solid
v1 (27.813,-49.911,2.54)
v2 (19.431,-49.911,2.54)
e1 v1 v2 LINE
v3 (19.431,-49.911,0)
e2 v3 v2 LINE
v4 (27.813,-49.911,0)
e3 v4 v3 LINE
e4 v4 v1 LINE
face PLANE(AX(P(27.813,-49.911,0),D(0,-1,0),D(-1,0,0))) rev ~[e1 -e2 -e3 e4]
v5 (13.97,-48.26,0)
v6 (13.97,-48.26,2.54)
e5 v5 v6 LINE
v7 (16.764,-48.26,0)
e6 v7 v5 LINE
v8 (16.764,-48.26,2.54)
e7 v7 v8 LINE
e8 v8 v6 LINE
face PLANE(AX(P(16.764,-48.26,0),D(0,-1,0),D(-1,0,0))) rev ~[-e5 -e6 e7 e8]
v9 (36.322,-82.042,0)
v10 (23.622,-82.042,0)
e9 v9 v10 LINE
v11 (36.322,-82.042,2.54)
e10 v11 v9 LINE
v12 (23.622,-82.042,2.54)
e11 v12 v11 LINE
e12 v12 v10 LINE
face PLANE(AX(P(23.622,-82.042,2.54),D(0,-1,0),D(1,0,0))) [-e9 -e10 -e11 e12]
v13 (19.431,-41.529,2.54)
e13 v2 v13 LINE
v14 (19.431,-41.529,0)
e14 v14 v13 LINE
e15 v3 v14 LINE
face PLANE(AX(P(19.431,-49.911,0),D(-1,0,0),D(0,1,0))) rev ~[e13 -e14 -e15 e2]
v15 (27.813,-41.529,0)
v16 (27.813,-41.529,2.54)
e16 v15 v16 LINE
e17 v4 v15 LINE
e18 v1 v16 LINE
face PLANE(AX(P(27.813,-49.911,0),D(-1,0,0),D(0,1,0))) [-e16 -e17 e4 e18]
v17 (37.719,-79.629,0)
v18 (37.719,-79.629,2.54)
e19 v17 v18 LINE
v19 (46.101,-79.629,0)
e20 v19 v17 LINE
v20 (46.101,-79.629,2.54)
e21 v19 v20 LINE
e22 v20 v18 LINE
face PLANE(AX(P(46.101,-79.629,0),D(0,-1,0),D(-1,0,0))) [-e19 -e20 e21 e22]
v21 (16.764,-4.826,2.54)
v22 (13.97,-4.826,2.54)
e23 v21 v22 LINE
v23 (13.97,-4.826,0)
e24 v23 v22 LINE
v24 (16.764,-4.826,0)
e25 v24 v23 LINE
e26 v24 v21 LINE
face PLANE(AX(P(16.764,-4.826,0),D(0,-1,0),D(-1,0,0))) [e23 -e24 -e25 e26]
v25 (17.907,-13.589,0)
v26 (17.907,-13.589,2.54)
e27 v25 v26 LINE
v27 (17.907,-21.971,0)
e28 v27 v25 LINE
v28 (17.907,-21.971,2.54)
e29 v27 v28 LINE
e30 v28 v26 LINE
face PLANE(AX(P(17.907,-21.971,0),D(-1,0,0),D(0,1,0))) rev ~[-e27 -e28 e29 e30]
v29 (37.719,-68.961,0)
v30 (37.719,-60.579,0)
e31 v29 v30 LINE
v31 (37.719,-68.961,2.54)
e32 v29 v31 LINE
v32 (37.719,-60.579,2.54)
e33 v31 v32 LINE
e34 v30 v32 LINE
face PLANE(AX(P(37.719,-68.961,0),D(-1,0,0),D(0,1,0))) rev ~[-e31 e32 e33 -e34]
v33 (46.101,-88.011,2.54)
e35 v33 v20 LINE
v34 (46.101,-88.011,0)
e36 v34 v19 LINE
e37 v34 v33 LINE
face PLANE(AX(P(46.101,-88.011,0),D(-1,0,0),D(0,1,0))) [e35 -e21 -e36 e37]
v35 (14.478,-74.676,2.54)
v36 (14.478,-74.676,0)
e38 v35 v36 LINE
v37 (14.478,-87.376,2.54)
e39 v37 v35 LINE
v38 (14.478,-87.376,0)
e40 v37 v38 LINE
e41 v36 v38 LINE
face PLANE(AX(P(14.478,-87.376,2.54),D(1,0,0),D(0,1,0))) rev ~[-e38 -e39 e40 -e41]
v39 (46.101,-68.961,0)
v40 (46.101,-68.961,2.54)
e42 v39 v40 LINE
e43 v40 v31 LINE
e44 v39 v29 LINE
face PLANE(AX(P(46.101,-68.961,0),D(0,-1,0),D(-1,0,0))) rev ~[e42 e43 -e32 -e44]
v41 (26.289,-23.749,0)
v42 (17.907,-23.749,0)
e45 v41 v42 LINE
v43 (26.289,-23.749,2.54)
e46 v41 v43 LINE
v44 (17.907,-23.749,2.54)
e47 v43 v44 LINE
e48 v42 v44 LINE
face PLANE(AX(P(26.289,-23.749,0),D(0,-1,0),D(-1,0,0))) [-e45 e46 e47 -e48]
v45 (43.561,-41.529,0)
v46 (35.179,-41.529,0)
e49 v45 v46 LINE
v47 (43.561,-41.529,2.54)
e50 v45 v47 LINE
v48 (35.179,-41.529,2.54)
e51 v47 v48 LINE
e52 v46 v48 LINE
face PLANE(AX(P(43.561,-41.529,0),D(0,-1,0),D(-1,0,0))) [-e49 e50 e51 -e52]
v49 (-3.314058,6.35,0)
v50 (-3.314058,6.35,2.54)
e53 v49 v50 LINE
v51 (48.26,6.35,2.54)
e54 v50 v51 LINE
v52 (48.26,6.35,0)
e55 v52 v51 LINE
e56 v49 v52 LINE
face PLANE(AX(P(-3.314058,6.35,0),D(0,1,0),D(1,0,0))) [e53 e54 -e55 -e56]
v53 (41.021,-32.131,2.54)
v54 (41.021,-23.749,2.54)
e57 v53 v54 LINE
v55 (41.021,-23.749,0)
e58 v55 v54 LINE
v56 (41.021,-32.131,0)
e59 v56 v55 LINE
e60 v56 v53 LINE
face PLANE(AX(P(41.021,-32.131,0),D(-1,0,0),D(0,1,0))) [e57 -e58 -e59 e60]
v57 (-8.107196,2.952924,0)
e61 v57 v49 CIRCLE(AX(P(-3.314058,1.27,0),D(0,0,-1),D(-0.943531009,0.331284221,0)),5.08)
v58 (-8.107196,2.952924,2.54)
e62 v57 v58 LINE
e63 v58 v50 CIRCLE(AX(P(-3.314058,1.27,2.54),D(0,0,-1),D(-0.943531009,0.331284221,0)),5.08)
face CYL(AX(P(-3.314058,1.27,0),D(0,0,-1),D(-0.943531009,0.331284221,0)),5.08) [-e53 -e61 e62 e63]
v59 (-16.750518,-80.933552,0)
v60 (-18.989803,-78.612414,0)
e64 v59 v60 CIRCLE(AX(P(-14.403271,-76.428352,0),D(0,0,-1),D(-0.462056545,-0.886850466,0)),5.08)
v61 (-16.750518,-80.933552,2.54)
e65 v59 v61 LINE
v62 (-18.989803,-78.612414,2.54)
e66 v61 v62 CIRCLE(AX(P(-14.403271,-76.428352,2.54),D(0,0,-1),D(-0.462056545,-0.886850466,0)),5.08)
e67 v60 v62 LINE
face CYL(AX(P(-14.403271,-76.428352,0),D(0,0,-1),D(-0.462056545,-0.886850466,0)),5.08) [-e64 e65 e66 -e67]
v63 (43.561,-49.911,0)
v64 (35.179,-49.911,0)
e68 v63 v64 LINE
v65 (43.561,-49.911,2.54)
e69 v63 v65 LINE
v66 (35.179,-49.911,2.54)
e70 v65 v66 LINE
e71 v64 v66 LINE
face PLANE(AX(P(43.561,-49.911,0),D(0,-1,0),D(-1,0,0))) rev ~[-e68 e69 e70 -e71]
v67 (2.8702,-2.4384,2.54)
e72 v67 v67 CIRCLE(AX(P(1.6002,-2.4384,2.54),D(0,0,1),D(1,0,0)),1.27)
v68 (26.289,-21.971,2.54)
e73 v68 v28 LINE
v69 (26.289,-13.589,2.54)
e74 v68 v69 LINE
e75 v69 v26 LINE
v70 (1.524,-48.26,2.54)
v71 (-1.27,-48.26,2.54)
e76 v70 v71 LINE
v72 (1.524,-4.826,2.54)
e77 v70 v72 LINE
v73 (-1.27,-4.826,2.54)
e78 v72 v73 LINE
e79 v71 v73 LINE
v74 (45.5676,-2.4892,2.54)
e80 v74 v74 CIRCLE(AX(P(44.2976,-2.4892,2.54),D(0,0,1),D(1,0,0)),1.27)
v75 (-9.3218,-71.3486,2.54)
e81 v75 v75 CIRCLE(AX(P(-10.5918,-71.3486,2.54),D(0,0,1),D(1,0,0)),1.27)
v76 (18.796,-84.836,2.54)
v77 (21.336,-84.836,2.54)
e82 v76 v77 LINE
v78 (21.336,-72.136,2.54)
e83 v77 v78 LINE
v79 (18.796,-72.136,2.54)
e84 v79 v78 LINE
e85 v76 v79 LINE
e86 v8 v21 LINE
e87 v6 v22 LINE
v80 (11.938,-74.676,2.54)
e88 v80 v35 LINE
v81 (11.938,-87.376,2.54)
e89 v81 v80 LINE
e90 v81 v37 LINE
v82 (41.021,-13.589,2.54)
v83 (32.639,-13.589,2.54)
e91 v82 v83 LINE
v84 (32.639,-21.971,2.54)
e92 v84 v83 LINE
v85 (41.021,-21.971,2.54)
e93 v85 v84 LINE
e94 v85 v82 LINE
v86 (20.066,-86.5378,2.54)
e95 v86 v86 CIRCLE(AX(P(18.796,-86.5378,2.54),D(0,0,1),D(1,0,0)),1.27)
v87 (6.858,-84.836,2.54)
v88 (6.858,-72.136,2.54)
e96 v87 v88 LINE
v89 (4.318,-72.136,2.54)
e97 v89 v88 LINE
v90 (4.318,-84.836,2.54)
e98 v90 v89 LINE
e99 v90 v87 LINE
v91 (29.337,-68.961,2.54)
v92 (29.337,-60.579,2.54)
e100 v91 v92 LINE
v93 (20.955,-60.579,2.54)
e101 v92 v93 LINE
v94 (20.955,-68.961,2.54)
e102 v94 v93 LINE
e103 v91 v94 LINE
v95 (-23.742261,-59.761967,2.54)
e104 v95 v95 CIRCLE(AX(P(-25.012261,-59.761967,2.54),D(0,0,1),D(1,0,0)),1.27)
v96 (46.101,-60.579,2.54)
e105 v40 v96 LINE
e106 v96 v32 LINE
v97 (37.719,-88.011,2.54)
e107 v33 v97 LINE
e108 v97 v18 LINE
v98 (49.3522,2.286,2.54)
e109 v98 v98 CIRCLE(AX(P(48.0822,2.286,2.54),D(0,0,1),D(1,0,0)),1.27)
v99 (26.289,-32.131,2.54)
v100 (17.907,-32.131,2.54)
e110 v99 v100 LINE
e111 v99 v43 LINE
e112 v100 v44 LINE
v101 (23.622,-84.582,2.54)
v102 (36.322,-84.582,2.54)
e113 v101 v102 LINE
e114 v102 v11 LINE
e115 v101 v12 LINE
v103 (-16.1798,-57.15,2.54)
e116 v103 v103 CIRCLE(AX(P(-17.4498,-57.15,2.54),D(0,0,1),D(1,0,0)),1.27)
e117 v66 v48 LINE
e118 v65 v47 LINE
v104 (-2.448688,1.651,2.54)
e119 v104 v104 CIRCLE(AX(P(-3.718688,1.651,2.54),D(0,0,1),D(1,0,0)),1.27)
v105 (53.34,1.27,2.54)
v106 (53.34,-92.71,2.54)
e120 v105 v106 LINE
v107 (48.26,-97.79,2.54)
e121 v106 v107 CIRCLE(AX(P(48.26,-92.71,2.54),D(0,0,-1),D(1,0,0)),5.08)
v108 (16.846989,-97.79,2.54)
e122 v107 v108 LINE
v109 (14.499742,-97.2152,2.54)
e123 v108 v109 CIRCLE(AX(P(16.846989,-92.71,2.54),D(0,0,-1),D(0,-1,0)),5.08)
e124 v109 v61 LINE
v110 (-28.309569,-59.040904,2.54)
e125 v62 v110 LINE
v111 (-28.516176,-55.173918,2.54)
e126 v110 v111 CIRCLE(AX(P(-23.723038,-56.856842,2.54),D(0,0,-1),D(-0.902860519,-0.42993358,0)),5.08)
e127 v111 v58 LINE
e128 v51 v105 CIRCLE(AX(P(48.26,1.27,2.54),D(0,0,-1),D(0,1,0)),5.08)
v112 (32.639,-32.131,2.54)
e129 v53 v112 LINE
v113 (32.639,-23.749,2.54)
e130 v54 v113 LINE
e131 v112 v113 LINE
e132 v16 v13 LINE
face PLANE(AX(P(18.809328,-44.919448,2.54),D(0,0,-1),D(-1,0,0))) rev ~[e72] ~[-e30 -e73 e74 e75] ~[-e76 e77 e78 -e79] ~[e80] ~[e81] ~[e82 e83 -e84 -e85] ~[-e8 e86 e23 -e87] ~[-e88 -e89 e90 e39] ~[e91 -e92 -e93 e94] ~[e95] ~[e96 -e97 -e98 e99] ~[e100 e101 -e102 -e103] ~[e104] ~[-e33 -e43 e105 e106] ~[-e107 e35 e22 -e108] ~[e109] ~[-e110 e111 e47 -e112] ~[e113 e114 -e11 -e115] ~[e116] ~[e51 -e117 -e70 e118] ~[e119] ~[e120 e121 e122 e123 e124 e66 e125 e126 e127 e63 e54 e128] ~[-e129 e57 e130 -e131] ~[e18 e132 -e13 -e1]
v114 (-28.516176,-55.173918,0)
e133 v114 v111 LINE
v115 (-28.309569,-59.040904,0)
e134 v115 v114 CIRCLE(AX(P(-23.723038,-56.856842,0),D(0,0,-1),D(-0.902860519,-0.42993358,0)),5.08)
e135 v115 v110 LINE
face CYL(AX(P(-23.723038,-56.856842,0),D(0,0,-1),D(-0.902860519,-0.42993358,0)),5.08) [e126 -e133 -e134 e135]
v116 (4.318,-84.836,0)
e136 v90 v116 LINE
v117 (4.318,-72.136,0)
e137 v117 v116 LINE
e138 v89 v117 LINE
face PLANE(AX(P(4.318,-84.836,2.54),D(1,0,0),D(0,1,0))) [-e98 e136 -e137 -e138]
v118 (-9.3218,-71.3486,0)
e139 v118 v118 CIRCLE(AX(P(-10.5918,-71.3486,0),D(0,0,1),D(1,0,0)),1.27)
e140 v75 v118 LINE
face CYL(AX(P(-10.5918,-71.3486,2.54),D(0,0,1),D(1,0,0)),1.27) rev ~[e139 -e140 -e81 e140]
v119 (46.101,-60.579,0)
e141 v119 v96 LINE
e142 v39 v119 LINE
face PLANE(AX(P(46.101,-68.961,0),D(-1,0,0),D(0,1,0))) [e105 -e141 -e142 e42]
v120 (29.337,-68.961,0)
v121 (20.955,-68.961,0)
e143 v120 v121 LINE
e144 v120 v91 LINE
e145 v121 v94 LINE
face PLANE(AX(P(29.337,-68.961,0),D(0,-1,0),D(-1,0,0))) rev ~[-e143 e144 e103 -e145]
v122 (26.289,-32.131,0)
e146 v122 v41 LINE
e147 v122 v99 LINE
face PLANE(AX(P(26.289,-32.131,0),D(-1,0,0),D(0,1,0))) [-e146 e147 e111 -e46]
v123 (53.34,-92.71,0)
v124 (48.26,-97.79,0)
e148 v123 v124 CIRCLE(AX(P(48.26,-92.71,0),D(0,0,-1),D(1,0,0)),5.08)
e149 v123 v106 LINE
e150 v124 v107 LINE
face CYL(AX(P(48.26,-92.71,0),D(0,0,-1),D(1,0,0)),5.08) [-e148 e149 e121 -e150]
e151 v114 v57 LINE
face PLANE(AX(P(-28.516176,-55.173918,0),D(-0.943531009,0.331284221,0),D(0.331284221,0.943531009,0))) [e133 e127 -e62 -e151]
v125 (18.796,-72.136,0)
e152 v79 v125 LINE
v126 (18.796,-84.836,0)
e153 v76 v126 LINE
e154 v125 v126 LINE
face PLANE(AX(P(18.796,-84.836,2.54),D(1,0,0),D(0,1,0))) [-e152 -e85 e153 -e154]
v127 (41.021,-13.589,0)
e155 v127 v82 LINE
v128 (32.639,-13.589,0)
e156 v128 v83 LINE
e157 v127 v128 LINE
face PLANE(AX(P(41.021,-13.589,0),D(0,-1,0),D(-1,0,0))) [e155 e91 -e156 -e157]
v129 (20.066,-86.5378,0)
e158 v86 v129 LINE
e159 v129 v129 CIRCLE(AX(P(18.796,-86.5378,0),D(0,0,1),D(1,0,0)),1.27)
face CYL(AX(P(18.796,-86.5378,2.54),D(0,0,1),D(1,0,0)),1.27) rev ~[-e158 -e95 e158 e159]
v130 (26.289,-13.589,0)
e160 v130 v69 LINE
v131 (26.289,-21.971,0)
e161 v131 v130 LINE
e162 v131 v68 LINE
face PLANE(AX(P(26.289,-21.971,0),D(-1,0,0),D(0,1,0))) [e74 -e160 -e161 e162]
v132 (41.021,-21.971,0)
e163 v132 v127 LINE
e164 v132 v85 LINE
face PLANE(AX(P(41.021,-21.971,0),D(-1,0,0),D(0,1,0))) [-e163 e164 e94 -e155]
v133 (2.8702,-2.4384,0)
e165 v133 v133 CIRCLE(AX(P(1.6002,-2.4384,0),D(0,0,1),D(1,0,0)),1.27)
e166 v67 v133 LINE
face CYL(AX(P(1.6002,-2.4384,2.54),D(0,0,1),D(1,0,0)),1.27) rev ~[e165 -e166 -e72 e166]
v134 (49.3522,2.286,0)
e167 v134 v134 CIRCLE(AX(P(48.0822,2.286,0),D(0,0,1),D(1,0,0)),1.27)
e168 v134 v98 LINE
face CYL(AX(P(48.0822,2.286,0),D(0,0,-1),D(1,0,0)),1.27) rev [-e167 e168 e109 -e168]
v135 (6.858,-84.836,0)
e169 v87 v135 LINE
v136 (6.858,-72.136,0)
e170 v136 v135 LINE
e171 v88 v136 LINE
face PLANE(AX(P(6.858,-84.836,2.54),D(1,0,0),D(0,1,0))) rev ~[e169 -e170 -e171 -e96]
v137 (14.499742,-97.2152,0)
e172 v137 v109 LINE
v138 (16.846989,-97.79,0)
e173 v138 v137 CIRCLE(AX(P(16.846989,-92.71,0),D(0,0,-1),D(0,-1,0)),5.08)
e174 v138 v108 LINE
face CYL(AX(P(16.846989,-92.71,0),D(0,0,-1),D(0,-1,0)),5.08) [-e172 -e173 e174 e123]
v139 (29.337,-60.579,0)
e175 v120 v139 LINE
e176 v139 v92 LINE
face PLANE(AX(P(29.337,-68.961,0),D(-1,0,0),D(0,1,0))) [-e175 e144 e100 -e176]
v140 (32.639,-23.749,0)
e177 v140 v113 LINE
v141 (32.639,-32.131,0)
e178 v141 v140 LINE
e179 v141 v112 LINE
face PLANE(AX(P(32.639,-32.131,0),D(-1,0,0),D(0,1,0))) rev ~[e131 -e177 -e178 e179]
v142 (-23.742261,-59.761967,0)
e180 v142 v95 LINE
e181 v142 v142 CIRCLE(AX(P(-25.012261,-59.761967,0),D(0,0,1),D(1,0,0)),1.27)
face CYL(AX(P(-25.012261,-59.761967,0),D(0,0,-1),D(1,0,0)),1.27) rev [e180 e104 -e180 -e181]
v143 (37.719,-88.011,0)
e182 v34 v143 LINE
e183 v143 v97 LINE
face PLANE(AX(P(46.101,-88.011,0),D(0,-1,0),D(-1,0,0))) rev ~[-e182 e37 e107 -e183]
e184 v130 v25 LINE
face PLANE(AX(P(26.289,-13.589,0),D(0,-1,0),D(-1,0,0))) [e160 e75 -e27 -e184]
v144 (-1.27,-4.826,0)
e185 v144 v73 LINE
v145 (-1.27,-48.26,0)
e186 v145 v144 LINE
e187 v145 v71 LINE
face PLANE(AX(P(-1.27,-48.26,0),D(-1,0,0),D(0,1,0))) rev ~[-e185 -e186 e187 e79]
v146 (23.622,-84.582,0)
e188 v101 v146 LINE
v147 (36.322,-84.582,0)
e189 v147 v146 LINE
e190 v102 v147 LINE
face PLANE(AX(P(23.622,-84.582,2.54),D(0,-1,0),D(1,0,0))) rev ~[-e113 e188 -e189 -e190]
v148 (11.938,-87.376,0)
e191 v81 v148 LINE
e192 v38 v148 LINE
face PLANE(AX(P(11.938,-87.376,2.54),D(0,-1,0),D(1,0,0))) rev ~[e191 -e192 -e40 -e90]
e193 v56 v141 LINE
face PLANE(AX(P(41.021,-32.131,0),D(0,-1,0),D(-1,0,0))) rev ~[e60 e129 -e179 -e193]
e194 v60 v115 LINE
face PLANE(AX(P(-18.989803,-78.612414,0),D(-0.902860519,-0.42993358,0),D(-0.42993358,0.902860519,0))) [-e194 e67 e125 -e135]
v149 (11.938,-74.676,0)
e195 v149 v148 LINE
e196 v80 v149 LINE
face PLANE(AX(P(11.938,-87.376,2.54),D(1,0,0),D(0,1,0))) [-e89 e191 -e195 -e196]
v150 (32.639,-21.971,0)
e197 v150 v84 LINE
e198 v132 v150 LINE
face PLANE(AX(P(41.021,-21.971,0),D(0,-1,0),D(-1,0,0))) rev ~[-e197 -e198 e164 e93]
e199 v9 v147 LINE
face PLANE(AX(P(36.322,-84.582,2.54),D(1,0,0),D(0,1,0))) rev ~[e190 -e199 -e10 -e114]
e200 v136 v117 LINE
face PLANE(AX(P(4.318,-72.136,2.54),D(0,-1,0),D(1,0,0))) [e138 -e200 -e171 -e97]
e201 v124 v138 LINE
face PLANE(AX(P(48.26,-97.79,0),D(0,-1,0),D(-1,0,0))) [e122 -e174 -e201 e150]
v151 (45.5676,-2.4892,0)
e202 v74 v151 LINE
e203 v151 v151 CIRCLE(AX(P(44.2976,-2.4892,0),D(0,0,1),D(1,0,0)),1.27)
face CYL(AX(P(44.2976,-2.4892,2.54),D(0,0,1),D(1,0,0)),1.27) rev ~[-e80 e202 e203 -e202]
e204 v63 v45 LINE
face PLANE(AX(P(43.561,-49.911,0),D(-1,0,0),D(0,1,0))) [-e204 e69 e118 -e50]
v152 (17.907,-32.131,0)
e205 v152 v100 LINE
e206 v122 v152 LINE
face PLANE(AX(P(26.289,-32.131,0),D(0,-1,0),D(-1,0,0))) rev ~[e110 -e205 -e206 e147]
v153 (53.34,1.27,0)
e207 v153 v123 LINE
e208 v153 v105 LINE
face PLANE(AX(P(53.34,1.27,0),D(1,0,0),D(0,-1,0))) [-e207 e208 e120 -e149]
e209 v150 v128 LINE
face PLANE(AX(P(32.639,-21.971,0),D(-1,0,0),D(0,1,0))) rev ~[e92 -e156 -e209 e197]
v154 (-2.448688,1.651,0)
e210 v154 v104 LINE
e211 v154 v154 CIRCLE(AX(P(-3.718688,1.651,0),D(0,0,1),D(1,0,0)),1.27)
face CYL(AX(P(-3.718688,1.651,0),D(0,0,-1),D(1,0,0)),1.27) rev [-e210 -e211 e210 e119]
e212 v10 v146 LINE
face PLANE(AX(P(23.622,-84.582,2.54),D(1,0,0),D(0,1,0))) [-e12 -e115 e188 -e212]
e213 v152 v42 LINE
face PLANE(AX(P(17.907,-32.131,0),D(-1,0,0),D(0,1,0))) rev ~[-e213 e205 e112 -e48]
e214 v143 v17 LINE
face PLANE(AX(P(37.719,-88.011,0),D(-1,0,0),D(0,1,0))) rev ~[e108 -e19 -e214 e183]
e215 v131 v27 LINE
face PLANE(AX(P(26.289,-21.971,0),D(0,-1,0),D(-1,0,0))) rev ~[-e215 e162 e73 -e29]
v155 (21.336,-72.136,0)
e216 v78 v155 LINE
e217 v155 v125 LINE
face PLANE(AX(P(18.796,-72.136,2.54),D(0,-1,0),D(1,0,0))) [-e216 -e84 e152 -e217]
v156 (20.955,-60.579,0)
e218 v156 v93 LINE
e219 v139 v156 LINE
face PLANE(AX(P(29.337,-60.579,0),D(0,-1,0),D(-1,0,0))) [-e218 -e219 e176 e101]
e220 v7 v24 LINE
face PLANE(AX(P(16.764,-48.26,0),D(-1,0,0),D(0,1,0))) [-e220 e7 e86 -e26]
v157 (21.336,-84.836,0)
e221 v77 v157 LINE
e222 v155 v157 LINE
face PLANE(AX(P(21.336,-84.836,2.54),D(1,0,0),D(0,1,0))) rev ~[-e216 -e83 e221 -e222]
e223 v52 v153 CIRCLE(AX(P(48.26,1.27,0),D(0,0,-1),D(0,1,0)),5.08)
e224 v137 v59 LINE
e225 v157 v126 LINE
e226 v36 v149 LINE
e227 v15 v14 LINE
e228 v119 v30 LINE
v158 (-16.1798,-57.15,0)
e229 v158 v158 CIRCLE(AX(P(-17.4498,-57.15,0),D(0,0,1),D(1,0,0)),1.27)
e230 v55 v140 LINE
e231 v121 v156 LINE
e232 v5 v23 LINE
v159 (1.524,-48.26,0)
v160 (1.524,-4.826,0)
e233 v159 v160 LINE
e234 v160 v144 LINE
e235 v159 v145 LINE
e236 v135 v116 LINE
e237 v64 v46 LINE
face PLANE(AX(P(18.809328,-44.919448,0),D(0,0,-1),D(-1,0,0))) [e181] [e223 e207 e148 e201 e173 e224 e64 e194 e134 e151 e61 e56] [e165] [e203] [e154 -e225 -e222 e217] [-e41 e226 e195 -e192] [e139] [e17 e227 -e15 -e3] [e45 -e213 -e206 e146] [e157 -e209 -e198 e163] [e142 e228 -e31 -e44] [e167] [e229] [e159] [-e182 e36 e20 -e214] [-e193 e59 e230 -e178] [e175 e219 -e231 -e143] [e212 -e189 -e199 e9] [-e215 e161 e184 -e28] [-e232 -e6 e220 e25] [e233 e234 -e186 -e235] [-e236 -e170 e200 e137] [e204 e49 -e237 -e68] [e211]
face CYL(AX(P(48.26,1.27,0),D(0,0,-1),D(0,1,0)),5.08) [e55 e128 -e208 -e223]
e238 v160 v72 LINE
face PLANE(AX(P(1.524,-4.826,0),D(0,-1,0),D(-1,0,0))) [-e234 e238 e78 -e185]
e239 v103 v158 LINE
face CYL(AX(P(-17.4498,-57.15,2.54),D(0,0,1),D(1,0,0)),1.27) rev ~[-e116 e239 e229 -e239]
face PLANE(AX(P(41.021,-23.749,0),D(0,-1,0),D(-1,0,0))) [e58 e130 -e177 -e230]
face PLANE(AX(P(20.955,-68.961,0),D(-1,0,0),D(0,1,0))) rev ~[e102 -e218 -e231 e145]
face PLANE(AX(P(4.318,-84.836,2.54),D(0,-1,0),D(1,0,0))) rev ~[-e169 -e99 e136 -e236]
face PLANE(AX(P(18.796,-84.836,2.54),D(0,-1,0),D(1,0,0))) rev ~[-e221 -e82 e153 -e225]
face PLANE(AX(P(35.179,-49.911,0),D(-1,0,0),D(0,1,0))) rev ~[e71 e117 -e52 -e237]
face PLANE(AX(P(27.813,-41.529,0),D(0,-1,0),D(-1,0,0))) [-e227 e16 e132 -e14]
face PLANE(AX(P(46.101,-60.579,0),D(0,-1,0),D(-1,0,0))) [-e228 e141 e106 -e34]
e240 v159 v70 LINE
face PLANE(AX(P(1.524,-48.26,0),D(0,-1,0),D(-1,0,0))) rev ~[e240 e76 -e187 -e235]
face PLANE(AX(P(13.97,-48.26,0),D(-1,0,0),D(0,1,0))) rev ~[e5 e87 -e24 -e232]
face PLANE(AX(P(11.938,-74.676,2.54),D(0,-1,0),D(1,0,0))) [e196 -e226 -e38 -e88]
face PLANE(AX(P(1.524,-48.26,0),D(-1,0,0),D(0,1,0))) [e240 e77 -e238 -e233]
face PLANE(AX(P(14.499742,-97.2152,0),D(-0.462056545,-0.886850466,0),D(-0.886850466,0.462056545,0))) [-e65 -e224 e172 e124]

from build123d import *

# Parameters (mm, degrees)
SKETCH1_R           = 1.27
BOSS_EXTRUDE1_DEPTH = 2.54
SKETCH5_W           = 8.382
SKETCH5_H           = 8.382
SKETCH5_W_2         = 2.794
SKETCH5_H_2         = 43.434
CUT_EXTRUDE1_DEPTH  = 3.54
SKETCH7_R           = 1.27
CUT_EXTRUDE3_DEPTH  = 3.54
SKETCH8_W           = 12.7
SKETCH8_H           = 2.54
SKETCH8_W_2         = 2.54
SKETCH8_H_2         = 12.7
CUT_EXTRUDE4_DEPTH  = 3.54


with BuildPart() as part:
    # Sketch1 → Boss-Extrude1 (new body)
    with BuildSketch(Plane.XY):
        with BuildLine():
            Line((-3.314058103, 6.35), (48.26, 6.35))
            ThreePointArc((48.26, 6.35), (51.852102448, 4.862102448), (53.34, 1.27))
            Line((53.34, 1.27), (53.34, -92.71))
            ThreePointArc((53.34, -92.71), (51.852102448, -96.302102448), (48.26, -97.79))
            Line((48.26, -97.79), (16.846989059, -97.79))
            ThreePointArc((16.846989059, -97.79), (15.638688158, -97.644208035), (14.499741809, -97.215200367))
            Line((14.499741809, -97.215200367), (-16.7505185, -80.933552139))
            ThreePointArc((-16.7505185, -80.933552139), (-18.059258376, -79.955412607), (-18.989802686, -78.61241436))
            Line((-18.989802686, -78.61241436), (-28.309569459, -59.040904135))
            ThreePointArc((-28.309569459, -59.040904135), (-28.795802898, -57.127870198), (-28.51617555, -55.173917704))
            Line((-28.51617555, -55.173917704), (-8.107195629, 2.952923842))
            ThreePointArc((-8.107195629, 2.952923842), (-6.251501454, 5.414614163), (-3.314058103, 6.35))
        make_face()
        with Locations((48.0822, 2.286)):
            Circle(SKETCH1_R, mode=Mode.SUBTRACT)
        with Locations((-3.718687848, 1.651)):
            Circle(SKETCH1_R, mode=Mode.SUBTRACT)
        with Locations((-25.012261453, -59.761967182)):
            Circle(SKETCH1_R, mode=Mode.SUBTRACT)
    extrude(amount=BOSS_EXTRUDE1_DEPTH)

    # Sketch5 → Cut-Extrude1 (cut, through all)
    with BuildSketch(Plane(origin=(0, 0, 0), x_dir=(-1, 0, 0), z_dir=(0, 0, -1))):
        with Locations((-36.83, -17.78)):
            Rectangle(SKETCH5_W, SKETCH5_H)
        with Locations((-39.37, -45.72)):
            Rectangle(SKETCH5_W, SKETCH5_H)
        with Locations((-36.83, -27.94)):
            Rectangle(SKETCH5_W, SKETCH5_H)
        with Locations((-41.91, -64.77)):
            Rectangle(SKETCH5_W, SKETCH5_H)
        with Locations((-41.91, -83.82)):
            Rectangle(SKETCH5_W, SKETCH5_H)
        with Locations((-22.098, -17.78)):
            Rectangle(SKETCH5_W, SKETCH5_H)
        with Locations((-22.098, -27.94)):
            Rectangle(SKETCH5_W, SKETCH5_H)
        with Locations((-23.622, -45.72)):
            Rectangle(SKETCH5_W, SKETCH5_H)
        with Locations((-25.146, -64.77)):
            Rectangle(SKETCH5_W, SKETCH5_H)
        with Locations((-15.367, -26.543)):
            Rectangle(SKETCH5_W_2, SKETCH5_H_2)
        with Locations((-0.127, -26.543)):
            Rectangle(SKETCH5_W_2, SKETCH5_H_2)
    extrude(amount=-CUT_EXTRUDE1_DEPTH, mode=Mode.SUBTRACT)

    # Sketch7 → Cut-Extrude3 (cut, through all)
    with BuildSketch(Plane.XY.offset(2.54)):
        with Locations((44.2976, -2.4892)):
            Circle(SKETCH7_R)
        with Locations((1.6002, -2.4384)):
            Circle(SKETCH7_R)
        with Locations((-17.4498, -57.15)):
            Circle(SKETCH7_R)
        with Locations((-10.5918, -71.3486)):
            Circle(SKETCH7_R)
        with Locations((18.796, -86.5378)):
            Circle(SKETCH7_R)
    extrude(amount=-CUT_EXTRUDE3_DEPTH, mode=Mode.SUBTRACT)

    # Sketch8 → Cut-Extrude4 (cut, through all)
    with BuildSketch(Plane.XY.offset(2.54)):
        with Locations((29.972, -83.312)):
            Rectangle(SKETCH8_W, SKETCH8_H)
        with Locations((20.066, -78.486)):
            Rectangle(SKETCH8_W_2, SKETCH8_H_2)
        with Locations((13.208, -81.026)):
            Rectangle(SKETCH8_W_2, SKETCH8_H_2)
        with Locations((5.588, -78.486)):
            Rectangle(SKETCH8_W_2, SKETCH8_H_2)
    extrude(amount=-CUT_EXTRUDE4_DEPTH, mode=Mode.SUBTRACT)


solid = part.part
